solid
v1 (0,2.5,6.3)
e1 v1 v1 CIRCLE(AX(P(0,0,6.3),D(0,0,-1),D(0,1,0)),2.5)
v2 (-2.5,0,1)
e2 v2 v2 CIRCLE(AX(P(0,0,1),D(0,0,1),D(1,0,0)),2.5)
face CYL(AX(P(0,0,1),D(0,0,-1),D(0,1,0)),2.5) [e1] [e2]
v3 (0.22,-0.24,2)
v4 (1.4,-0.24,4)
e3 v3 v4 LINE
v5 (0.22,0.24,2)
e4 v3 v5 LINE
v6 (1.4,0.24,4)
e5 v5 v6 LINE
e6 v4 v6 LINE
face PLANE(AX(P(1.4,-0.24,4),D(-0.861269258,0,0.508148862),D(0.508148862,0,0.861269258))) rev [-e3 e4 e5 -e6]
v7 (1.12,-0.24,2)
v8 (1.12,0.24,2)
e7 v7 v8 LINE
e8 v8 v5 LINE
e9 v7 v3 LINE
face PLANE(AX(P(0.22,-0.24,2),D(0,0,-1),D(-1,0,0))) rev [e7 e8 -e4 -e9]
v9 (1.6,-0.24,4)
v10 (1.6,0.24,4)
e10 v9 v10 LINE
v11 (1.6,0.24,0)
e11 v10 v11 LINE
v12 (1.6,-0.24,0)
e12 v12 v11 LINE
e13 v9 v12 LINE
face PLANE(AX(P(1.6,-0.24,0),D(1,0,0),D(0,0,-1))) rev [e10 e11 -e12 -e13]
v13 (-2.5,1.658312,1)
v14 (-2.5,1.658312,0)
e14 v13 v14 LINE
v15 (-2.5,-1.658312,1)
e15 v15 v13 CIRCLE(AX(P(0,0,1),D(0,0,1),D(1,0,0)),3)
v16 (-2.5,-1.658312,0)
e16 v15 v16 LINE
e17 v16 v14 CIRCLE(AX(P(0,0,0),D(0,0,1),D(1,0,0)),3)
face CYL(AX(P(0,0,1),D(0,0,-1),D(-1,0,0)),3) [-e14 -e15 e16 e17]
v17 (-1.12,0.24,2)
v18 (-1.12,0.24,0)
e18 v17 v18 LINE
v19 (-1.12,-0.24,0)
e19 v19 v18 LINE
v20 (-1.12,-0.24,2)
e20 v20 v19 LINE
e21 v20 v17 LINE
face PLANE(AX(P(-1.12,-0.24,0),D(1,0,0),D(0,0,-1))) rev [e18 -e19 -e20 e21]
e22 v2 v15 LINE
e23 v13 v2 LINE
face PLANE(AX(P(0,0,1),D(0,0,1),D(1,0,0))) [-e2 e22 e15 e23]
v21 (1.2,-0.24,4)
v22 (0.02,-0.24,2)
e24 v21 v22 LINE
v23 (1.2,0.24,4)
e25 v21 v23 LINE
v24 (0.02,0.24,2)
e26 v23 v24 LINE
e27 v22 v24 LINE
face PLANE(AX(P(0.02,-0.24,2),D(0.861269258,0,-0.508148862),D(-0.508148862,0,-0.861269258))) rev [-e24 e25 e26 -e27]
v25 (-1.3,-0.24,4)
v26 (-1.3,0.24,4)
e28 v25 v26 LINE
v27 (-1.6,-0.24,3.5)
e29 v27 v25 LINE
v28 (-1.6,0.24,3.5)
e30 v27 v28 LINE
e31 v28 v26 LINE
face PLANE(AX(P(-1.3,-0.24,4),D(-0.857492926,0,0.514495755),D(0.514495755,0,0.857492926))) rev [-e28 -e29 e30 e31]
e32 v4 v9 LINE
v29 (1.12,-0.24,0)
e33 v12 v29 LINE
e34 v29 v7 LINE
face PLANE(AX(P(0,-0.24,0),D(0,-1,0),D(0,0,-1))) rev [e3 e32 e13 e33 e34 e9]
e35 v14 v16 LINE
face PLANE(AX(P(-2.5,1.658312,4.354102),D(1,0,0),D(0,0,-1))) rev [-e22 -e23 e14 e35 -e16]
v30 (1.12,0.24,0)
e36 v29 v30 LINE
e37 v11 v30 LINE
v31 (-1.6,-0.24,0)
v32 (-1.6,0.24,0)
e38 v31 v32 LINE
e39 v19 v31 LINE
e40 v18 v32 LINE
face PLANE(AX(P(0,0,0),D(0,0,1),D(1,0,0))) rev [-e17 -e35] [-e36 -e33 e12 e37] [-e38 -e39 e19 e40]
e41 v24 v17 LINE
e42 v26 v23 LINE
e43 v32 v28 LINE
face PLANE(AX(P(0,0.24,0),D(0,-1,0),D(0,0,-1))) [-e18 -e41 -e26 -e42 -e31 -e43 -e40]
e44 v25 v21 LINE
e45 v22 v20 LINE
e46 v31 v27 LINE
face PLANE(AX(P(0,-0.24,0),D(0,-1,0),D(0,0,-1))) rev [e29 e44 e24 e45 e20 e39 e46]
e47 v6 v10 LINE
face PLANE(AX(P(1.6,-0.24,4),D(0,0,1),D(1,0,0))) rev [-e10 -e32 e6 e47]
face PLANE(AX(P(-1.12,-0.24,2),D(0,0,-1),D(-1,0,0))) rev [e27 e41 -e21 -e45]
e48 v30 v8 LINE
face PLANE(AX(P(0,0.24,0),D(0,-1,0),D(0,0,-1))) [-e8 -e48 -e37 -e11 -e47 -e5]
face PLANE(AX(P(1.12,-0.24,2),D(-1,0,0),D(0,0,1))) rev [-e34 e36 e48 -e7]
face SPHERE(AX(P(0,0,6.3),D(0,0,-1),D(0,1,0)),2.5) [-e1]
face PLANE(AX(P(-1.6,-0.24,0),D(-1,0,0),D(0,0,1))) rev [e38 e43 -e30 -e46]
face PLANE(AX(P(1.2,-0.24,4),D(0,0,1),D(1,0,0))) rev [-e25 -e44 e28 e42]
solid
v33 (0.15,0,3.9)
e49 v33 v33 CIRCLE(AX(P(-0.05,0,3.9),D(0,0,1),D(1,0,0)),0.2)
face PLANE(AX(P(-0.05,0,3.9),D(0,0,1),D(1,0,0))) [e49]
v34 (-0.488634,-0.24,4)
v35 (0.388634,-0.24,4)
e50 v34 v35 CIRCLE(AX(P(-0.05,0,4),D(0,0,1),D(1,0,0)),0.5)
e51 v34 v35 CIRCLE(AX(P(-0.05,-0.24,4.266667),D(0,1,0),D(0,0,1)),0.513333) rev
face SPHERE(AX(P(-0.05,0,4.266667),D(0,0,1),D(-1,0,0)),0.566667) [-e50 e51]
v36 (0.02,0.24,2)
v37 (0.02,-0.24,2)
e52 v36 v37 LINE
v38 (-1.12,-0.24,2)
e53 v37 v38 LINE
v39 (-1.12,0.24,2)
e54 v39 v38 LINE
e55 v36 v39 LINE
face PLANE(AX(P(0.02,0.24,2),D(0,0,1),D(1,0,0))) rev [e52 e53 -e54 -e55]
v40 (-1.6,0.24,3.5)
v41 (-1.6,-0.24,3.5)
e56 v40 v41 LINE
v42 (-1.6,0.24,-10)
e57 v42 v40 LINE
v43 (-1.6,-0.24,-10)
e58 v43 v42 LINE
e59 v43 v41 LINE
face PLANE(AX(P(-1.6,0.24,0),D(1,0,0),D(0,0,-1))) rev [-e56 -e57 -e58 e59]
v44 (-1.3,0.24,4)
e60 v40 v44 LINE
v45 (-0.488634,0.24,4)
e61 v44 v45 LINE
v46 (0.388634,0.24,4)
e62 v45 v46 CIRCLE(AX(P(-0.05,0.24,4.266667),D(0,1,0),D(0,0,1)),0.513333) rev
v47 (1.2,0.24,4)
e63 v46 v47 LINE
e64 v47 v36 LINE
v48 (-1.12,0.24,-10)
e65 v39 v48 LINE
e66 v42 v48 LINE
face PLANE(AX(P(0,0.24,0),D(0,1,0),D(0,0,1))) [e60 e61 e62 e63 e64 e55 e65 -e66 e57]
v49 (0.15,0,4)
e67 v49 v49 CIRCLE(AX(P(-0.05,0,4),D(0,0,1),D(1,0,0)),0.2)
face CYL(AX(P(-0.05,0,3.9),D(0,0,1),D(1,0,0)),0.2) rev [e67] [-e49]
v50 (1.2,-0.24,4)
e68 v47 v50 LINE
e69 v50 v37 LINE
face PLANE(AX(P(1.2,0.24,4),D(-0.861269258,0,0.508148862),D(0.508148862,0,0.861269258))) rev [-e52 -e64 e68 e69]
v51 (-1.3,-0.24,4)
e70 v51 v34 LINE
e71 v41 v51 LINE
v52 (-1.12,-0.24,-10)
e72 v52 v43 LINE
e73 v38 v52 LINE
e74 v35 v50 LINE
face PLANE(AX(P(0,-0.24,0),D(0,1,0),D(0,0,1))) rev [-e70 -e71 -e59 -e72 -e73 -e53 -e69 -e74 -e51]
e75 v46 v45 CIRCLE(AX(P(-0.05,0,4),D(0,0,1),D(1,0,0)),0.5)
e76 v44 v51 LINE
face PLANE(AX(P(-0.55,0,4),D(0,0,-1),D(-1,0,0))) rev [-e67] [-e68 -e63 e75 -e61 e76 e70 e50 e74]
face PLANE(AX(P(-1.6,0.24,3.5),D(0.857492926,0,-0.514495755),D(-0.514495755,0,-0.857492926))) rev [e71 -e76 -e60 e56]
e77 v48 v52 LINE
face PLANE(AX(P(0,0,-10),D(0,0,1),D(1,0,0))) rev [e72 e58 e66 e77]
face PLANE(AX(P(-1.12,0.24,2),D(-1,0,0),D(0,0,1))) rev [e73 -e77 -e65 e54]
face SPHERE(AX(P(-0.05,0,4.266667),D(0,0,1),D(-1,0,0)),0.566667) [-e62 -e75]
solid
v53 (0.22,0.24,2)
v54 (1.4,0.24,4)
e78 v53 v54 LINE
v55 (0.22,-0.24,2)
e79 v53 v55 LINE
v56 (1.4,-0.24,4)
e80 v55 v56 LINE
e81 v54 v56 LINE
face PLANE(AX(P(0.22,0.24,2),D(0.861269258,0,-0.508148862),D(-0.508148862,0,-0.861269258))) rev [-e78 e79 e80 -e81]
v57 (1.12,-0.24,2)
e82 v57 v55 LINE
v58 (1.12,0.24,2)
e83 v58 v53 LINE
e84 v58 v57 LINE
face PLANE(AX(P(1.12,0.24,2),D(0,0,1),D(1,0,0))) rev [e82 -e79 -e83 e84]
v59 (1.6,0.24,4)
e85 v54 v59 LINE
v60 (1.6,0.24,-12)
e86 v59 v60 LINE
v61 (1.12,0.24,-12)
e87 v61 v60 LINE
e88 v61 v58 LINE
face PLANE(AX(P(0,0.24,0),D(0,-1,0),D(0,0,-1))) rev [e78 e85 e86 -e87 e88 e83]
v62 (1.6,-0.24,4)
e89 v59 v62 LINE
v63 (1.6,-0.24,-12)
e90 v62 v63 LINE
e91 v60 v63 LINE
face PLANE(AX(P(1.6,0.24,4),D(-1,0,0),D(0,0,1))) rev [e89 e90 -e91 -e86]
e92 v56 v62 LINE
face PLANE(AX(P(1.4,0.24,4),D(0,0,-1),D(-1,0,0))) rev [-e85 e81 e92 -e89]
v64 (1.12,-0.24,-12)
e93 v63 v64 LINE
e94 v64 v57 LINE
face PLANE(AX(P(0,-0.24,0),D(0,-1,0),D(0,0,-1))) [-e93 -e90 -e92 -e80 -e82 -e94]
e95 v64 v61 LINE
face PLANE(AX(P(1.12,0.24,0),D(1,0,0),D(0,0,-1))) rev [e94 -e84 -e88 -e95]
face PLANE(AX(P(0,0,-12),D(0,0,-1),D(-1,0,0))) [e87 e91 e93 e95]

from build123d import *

# Parameters (mm, degrees)
ESBO_O1_R                  = 3
RESSALTO_EXTRUS_O1_DEPTH   = 1
CORTE_EXTRUS_O1_DEPTH      = 1
ESBO_O5_W                  = 0.48
ESBO_O5_H                  = 0.48
RESSALTO_EXTRUS_O2_DEPTH   = 10
RESSALTO_EXTRUS_O2_2_DEPTH = 10
ESBO_O6_W                  = 0.48
ESBO_O6_H                  = 0.48
RESSALTO_EXTRUS_O3_DEPTH   = 2
CORTE_EXTRUS_O2_DEPTH      = 0.24
RESSALTO_EXTRUS_O4_DEPTH   = 0.24
RESSALTO_EXTRUS_O4_2_DEPTH = 0.24
ESBO_O12_R                 = 0.2
CORTE_EXTRUS_O3_DEPTH      = 0.1


with BuildPart() as part:
    # Esboço1 → Ressalto-extrusão1 (new body)
    with BuildSketch(Plane.XY):
        Circle(ESBO_O1_R)
    extrude(amount=RESSALTO_EXTRUS_O1_DEPTH)

    # Esboço3 → Revolução1 (revolve)
    with BuildSketch(Plane(origin=(0, 0, 0), x_dir=(0, 0, -1), z_dir=(1, 0, 0))):
        with BuildLine():
            Line((-1, 0), (-8.8, 0))
            ThreePointArc((-8.8, 0), (-8.067766953, 1.767766953), (-6.3, 2.5))
            Line((-6.3, 2.5), (-1, 2.5))
            Line((-1, 2.5), (-1, 0))
        make_face()
    revolve(axis=Axis((0, 0, 1), (0, 0, 1)))

    # Esboço4 → Corte-extrusão1 (cut)
    with BuildSketch(Plane(origin=(0, 0, 0), x_dir=(-1, 0, 0), z_dir=(0, 0, -1))):
        with BuildLine():
            Line((2.5, 1.658312395), (2.5, -1.658312395))
            ThreePointArc((2.5, -1.658312395), (3, 0), (2.5, 1.658312395))
        make_face()
    extrude(amount=-CORTE_EXTRUS_O1_DEPTH, mode=Mode.SUBTRACT)

    # Esboço7 → Corte-extrusão2 (cut, symmetric)
    with BuildSketch(Plane(origin=(0, 0, 0), x_dir=(1, 0, 0), z_dir=(0, 1, 0))):
        Polygon((-1.6, 0), (-1.6, -3.5), (-1.3, -4), (1.2, -4), (0.02, -2), (-1.12, -2), (-1.12, 0), align=None)
        Polygon((1.6, 0), (1.6, -4), (1.4, -4), (0.22, -2), (1.12, -2), (1.12, 0), align=None)
    extrude(amount=CORTE_EXTRUS_O2_DEPTH, both=True, mode=Mode.SUBTRACT)


with BuildPart() as body_2:
    # Esboço5 → Ressalto-extrusão2 (new body)
    with BuildSketch(Plane(origin=(0, 0, 0), x_dir=(-1, 0, 0), z_dir=(0, 0, -1))):
        with Locations((-1.36, 0)):
            Rectangle(ESBO_O5_W, ESBO_O5_H)
    extrude(amount=RESSALTO_EXTRUS_O2_DEPTH)


with BuildPart() as body_3:
    # Esboço5 → Ressalto-extrus_o2 2 (new body)
    with BuildSketch(Plane(origin=(0, 0, 0), x_dir=(-1, 0, 0), z_dir=(0, 0, -1))):
        with Locations((1.36, 0)):
            Rectangle(ESBO_O5_W, ESBO_O5_H)
    extrude(amount=RESSALTO_EXTRUS_O2_2_DEPTH)


with BuildPart() as body_4:
    # Esboço6 → Ressalto-extrusão3 (new body)
    with BuildSketch(Plane(origin=(0, 0, -10), x_dir=(-1, 0, 0), z_dir=(0, 0, -1))):
        with Locations((-1.36, 0)):
            Rectangle(ESBO_O6_W, ESBO_O6_H)
    extrude(amount=RESSALTO_EXTRUS_O3_DEPTH)


with BuildPart() as body_5:
    # Esboço8 → Ressalto-extrusão4 (new body, symmetric)
    with BuildSketch(Plane(origin=(0, 0, 0), x_dir=(1, 0, 0), z_dir=(0, 1, 0))):
        Polygon((-1.3, -4), (1.2, -4), (0.02, -2), (-1.12, -2), (-1.12, 0), (-1.6, 0), (-1.6, -3.5), align=None)
    extrude(amount=RESSALTO_EXTRUS_O4_DEPTH, both=True)

    # Combinar2: union body 3
    add(body_3.part)

    # Esboço10 → Corte-Revolução1 (revolve, cut)
    with BuildSketch(Plane(origin=(0, 0, 0), x_dir=(1, 0, 0), z_dir=(0, 1, 0))):
        with BuildLine():
            Line((-0.05, -4), (-0.05, -3.7))
            ThreePointArc((-0.05, -3.7), (-0.341547595, -3.780754009), (-0.55, -4))
            Line((-0.55, -4), (-0.05, -4))
        make_face()
    revolve(axis=Axis((-0.05, 0, 4), (0, 0, -1)), mode=Mode.SUBTRACT)


with BuildPart() as body_6:
    # Esboço8 → Ressalto-extrus_o4 2 (new body, symmetric)
    with BuildSketch(Plane(origin=(0, 0, 0), x_dir=(1, 0, 0), z_dir=(0, 1, 0))):
        Polygon((0.22, -2), (1.4, -4), (1.6, -4), (1.6, 0), (1.12, 0), (1.12, -2), align=None)
    extrude(amount=RESSALTO_EXTRUS_O4_2_DEPTH, both=True)

    # Combinar1: union body 4, body 2
    add(body_4.part)
    add(body_2.part)


with BuildPart() as body_4_2:
    # Esboço11 → Revolução2 (revolve)
    with BuildSketch(Plane(origin=(0, 0, 0), x_dir=(1, 0, 0), z_dir=(0, 1, 0))):
        with BuildLine():
            Line((-0.55, -4), (-0.05, -4))
            Line((-0.05, -4), (-0.05, -3.7))
            ThreePointArc((-0.05, -3.7), (-0.341547595, -3.780754009), (-0.55, -4))
        make_face()
    revolve(axis=Axis((-0.05, 0, 4), (0, 0, -1)))

    # Combinar3: union body 5
    add(body_5.part)

    # Esboço12 → Corte-extrusão3 (cut)
    with BuildSketch(Plane.XY.offset(4)):
        with Locations((-0.05, 0)):
            Circle(ESBO_O12_R)
    extrude(amount=-CORTE_EXTRUS_O3_DEPTH, mode=Mode.SUBTRACT)


solid = Compound([part.part, body_6.part, body_4_2.part])
